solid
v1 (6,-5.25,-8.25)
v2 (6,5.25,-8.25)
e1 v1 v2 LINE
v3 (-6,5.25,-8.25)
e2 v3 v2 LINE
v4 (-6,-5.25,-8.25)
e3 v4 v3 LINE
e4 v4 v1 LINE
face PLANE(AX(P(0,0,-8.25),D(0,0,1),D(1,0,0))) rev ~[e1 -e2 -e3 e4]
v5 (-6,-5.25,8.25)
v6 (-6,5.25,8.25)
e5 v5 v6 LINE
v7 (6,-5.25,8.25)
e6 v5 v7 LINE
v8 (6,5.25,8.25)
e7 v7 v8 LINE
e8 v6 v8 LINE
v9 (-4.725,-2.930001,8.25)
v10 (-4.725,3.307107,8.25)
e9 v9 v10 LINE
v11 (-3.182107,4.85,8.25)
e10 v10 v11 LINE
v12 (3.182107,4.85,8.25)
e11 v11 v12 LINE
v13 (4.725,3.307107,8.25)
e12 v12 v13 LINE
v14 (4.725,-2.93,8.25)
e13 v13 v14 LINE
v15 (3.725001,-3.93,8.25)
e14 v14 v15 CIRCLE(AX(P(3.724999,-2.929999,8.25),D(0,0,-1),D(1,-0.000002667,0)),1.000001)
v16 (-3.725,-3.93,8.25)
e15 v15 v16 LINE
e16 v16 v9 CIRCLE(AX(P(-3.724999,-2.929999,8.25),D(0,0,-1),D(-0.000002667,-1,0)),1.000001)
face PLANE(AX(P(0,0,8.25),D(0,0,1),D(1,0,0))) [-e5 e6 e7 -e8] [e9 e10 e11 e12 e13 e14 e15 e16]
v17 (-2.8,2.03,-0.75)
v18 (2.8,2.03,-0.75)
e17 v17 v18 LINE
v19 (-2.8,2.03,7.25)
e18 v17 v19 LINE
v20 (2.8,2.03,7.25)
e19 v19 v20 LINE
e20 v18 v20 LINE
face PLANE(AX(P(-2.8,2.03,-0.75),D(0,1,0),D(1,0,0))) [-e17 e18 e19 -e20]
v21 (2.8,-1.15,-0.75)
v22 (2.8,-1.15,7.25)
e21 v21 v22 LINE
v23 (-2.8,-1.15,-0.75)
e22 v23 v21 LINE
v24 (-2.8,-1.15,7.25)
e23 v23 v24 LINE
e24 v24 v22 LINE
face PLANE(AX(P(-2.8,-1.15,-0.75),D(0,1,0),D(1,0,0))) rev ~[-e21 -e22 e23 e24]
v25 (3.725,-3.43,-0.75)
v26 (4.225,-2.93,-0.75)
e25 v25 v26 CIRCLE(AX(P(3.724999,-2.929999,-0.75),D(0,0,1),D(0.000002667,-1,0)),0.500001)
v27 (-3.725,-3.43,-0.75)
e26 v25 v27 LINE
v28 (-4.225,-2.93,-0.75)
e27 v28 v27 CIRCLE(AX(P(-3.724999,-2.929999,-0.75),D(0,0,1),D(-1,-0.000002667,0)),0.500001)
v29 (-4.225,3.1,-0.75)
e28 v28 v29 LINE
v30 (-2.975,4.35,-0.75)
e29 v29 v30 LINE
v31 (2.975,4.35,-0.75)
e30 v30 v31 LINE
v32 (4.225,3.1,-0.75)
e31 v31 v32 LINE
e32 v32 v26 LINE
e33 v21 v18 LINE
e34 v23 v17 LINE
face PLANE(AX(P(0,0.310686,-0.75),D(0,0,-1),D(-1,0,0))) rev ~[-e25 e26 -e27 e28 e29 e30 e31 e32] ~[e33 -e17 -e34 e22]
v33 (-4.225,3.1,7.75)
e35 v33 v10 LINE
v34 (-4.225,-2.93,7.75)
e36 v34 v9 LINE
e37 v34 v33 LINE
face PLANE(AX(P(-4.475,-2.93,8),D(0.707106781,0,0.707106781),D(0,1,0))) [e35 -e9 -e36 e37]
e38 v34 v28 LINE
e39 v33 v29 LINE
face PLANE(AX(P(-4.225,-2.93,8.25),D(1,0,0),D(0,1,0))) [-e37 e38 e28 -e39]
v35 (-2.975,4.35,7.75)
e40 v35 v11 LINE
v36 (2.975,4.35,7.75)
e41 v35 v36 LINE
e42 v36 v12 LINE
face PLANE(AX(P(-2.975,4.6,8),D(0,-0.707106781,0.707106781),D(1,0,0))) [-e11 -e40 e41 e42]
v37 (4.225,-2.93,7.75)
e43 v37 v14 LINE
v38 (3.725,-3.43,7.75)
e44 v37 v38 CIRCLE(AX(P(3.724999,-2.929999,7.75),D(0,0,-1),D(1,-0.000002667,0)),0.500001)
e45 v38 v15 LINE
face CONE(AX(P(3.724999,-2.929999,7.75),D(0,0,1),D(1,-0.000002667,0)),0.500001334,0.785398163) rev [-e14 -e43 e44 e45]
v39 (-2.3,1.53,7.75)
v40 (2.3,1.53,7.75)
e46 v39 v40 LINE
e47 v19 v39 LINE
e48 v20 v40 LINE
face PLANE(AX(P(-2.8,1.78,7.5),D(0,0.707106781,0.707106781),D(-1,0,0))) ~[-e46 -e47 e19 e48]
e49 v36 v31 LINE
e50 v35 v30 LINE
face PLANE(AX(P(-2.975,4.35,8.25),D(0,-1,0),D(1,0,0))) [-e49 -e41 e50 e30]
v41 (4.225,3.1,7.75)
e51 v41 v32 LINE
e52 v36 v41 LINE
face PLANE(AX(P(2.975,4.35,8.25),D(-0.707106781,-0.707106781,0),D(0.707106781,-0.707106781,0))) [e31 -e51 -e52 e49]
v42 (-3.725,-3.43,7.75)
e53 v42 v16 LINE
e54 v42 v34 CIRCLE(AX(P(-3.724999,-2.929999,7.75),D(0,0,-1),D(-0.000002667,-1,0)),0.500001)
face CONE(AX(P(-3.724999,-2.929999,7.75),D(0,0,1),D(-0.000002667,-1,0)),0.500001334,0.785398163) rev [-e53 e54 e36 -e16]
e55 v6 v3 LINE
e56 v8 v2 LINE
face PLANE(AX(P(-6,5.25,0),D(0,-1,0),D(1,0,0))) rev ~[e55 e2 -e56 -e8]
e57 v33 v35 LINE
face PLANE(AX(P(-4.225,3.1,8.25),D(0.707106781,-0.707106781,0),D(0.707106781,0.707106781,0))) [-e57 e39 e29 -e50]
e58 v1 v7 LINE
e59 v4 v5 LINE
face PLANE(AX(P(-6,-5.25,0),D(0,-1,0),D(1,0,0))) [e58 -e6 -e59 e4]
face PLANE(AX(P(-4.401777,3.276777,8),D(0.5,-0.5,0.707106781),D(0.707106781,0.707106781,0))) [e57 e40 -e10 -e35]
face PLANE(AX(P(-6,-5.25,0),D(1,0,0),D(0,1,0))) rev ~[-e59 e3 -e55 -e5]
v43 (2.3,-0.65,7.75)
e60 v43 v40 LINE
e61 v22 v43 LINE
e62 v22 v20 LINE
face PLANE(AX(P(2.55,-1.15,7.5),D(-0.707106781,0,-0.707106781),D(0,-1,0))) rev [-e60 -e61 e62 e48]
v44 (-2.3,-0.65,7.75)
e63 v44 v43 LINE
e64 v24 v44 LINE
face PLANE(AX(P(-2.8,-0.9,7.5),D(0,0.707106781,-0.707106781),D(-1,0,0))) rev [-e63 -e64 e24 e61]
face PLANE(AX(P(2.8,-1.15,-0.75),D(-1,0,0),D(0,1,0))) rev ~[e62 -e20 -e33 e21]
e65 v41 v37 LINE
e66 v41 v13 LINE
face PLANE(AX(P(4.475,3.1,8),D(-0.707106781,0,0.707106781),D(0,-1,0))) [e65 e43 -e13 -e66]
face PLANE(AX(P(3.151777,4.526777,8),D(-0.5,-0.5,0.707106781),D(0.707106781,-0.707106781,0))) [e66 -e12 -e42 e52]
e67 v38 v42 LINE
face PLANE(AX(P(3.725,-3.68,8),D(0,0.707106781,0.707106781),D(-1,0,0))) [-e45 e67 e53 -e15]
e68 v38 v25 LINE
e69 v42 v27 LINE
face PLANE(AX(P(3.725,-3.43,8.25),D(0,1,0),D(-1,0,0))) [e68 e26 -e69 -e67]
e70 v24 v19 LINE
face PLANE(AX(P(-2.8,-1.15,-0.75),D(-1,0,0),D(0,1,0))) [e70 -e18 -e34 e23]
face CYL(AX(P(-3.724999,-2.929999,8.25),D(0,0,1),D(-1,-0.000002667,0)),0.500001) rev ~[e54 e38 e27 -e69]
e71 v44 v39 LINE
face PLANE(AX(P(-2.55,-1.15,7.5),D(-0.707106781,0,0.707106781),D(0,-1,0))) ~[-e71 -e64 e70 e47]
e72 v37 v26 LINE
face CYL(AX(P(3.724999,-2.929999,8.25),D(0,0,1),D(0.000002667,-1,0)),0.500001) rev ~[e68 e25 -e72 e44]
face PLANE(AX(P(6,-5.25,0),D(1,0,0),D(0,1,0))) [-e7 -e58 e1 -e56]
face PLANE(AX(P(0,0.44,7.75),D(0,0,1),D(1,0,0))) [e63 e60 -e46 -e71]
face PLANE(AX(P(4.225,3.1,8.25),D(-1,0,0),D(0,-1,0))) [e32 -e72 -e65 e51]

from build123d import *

# Parameters (mm, degrees)
SKETCH_W        = 12
SKETCH_H        = 10.5
PAD_DEPTH       = 8.25
POCKET_DEPTH    = 9
SKETCH002_W     = 5.6
SKETCH002_H     = 3.18
PAD001_DEPTH    = 8.5
CHAMFER_SIZE    = 0.5
CHAMFER001_SIZE = 0.5


with BuildPart() as part:
    # Sketch → Pad (new body, symmetric)
    with BuildSketch(Plane.XY):
        Rectangle(SKETCH_W, SKETCH_H)
    extrude(amount=PAD_DEPTH, both=True)

    # Sketch001 → Pocket (cut)
    with BuildSketch(Plane.XY.offset(8.25)):
        with BuildLine():
            Line((-4.225, -2.93), (-4.225, 3.1))
            Line((-4.225, 3.1), (-2.975, 4.35))
            Line((-2.975, 4.35), (2.975, 4.35))
            Line((2.975, 4.35), (4.225, 3.1))
            Line((4.225, 3.1), (4.225, -2.93))
            ThreePointArc((3.725, -3.43), (4.078553, -3.283553), (4.225, -2.93))
            Line((3.725, -3.43), (-3.725, -3.43))
            ThreePointArc((-4.225, -2.93), (-4.078553, -3.283553), (-3.725, -3.43))
        make_face()
    extrude(amount=-POCKET_DEPTH, mode=Mode.SUBTRACT)

    # Sketch002 → Pad001 (new body)
    with BuildSketch(Plane.XY.offset(-0.75)):
        with Locations((0, 0.44)):
            Rectangle(SKETCH002_W, SKETCH002_H)
    extrude(amount=PAD001_DEPTH)

    # Chamfer
    chamfer_edges = [part.edges().sort_by_distance(p)[0] for p in [
        (2.8, 0.44, 7.75),
        (0, 2.03, 7.75),
        (-2.8, 0.44, 7.75),
        (0, -1.15, 7.75),
    ]]
    chamfer(chamfer_edges, length=CHAMFER_SIZE)

    # Chamfer001
    chamfer001_edges = [part.edges().sort_by_distance(p)[0] for p in [
        (0, -3.43, 8.25),
        (4.078553, -3.283553, 8.25),
        (-4.078553, -3.283553, 8.25),
        (4.225, 0.085, 8.25),
        (-4.225, 0.085, 8.25),
        (3.6, 3.725, 8.25),
        (-3.6, 3.725, 8.25),
        (0, 4.35, 8.25),
    ]]
    chamfer(chamfer001_edges, length=CHAMFER001_SIZE)


solid = part.part
